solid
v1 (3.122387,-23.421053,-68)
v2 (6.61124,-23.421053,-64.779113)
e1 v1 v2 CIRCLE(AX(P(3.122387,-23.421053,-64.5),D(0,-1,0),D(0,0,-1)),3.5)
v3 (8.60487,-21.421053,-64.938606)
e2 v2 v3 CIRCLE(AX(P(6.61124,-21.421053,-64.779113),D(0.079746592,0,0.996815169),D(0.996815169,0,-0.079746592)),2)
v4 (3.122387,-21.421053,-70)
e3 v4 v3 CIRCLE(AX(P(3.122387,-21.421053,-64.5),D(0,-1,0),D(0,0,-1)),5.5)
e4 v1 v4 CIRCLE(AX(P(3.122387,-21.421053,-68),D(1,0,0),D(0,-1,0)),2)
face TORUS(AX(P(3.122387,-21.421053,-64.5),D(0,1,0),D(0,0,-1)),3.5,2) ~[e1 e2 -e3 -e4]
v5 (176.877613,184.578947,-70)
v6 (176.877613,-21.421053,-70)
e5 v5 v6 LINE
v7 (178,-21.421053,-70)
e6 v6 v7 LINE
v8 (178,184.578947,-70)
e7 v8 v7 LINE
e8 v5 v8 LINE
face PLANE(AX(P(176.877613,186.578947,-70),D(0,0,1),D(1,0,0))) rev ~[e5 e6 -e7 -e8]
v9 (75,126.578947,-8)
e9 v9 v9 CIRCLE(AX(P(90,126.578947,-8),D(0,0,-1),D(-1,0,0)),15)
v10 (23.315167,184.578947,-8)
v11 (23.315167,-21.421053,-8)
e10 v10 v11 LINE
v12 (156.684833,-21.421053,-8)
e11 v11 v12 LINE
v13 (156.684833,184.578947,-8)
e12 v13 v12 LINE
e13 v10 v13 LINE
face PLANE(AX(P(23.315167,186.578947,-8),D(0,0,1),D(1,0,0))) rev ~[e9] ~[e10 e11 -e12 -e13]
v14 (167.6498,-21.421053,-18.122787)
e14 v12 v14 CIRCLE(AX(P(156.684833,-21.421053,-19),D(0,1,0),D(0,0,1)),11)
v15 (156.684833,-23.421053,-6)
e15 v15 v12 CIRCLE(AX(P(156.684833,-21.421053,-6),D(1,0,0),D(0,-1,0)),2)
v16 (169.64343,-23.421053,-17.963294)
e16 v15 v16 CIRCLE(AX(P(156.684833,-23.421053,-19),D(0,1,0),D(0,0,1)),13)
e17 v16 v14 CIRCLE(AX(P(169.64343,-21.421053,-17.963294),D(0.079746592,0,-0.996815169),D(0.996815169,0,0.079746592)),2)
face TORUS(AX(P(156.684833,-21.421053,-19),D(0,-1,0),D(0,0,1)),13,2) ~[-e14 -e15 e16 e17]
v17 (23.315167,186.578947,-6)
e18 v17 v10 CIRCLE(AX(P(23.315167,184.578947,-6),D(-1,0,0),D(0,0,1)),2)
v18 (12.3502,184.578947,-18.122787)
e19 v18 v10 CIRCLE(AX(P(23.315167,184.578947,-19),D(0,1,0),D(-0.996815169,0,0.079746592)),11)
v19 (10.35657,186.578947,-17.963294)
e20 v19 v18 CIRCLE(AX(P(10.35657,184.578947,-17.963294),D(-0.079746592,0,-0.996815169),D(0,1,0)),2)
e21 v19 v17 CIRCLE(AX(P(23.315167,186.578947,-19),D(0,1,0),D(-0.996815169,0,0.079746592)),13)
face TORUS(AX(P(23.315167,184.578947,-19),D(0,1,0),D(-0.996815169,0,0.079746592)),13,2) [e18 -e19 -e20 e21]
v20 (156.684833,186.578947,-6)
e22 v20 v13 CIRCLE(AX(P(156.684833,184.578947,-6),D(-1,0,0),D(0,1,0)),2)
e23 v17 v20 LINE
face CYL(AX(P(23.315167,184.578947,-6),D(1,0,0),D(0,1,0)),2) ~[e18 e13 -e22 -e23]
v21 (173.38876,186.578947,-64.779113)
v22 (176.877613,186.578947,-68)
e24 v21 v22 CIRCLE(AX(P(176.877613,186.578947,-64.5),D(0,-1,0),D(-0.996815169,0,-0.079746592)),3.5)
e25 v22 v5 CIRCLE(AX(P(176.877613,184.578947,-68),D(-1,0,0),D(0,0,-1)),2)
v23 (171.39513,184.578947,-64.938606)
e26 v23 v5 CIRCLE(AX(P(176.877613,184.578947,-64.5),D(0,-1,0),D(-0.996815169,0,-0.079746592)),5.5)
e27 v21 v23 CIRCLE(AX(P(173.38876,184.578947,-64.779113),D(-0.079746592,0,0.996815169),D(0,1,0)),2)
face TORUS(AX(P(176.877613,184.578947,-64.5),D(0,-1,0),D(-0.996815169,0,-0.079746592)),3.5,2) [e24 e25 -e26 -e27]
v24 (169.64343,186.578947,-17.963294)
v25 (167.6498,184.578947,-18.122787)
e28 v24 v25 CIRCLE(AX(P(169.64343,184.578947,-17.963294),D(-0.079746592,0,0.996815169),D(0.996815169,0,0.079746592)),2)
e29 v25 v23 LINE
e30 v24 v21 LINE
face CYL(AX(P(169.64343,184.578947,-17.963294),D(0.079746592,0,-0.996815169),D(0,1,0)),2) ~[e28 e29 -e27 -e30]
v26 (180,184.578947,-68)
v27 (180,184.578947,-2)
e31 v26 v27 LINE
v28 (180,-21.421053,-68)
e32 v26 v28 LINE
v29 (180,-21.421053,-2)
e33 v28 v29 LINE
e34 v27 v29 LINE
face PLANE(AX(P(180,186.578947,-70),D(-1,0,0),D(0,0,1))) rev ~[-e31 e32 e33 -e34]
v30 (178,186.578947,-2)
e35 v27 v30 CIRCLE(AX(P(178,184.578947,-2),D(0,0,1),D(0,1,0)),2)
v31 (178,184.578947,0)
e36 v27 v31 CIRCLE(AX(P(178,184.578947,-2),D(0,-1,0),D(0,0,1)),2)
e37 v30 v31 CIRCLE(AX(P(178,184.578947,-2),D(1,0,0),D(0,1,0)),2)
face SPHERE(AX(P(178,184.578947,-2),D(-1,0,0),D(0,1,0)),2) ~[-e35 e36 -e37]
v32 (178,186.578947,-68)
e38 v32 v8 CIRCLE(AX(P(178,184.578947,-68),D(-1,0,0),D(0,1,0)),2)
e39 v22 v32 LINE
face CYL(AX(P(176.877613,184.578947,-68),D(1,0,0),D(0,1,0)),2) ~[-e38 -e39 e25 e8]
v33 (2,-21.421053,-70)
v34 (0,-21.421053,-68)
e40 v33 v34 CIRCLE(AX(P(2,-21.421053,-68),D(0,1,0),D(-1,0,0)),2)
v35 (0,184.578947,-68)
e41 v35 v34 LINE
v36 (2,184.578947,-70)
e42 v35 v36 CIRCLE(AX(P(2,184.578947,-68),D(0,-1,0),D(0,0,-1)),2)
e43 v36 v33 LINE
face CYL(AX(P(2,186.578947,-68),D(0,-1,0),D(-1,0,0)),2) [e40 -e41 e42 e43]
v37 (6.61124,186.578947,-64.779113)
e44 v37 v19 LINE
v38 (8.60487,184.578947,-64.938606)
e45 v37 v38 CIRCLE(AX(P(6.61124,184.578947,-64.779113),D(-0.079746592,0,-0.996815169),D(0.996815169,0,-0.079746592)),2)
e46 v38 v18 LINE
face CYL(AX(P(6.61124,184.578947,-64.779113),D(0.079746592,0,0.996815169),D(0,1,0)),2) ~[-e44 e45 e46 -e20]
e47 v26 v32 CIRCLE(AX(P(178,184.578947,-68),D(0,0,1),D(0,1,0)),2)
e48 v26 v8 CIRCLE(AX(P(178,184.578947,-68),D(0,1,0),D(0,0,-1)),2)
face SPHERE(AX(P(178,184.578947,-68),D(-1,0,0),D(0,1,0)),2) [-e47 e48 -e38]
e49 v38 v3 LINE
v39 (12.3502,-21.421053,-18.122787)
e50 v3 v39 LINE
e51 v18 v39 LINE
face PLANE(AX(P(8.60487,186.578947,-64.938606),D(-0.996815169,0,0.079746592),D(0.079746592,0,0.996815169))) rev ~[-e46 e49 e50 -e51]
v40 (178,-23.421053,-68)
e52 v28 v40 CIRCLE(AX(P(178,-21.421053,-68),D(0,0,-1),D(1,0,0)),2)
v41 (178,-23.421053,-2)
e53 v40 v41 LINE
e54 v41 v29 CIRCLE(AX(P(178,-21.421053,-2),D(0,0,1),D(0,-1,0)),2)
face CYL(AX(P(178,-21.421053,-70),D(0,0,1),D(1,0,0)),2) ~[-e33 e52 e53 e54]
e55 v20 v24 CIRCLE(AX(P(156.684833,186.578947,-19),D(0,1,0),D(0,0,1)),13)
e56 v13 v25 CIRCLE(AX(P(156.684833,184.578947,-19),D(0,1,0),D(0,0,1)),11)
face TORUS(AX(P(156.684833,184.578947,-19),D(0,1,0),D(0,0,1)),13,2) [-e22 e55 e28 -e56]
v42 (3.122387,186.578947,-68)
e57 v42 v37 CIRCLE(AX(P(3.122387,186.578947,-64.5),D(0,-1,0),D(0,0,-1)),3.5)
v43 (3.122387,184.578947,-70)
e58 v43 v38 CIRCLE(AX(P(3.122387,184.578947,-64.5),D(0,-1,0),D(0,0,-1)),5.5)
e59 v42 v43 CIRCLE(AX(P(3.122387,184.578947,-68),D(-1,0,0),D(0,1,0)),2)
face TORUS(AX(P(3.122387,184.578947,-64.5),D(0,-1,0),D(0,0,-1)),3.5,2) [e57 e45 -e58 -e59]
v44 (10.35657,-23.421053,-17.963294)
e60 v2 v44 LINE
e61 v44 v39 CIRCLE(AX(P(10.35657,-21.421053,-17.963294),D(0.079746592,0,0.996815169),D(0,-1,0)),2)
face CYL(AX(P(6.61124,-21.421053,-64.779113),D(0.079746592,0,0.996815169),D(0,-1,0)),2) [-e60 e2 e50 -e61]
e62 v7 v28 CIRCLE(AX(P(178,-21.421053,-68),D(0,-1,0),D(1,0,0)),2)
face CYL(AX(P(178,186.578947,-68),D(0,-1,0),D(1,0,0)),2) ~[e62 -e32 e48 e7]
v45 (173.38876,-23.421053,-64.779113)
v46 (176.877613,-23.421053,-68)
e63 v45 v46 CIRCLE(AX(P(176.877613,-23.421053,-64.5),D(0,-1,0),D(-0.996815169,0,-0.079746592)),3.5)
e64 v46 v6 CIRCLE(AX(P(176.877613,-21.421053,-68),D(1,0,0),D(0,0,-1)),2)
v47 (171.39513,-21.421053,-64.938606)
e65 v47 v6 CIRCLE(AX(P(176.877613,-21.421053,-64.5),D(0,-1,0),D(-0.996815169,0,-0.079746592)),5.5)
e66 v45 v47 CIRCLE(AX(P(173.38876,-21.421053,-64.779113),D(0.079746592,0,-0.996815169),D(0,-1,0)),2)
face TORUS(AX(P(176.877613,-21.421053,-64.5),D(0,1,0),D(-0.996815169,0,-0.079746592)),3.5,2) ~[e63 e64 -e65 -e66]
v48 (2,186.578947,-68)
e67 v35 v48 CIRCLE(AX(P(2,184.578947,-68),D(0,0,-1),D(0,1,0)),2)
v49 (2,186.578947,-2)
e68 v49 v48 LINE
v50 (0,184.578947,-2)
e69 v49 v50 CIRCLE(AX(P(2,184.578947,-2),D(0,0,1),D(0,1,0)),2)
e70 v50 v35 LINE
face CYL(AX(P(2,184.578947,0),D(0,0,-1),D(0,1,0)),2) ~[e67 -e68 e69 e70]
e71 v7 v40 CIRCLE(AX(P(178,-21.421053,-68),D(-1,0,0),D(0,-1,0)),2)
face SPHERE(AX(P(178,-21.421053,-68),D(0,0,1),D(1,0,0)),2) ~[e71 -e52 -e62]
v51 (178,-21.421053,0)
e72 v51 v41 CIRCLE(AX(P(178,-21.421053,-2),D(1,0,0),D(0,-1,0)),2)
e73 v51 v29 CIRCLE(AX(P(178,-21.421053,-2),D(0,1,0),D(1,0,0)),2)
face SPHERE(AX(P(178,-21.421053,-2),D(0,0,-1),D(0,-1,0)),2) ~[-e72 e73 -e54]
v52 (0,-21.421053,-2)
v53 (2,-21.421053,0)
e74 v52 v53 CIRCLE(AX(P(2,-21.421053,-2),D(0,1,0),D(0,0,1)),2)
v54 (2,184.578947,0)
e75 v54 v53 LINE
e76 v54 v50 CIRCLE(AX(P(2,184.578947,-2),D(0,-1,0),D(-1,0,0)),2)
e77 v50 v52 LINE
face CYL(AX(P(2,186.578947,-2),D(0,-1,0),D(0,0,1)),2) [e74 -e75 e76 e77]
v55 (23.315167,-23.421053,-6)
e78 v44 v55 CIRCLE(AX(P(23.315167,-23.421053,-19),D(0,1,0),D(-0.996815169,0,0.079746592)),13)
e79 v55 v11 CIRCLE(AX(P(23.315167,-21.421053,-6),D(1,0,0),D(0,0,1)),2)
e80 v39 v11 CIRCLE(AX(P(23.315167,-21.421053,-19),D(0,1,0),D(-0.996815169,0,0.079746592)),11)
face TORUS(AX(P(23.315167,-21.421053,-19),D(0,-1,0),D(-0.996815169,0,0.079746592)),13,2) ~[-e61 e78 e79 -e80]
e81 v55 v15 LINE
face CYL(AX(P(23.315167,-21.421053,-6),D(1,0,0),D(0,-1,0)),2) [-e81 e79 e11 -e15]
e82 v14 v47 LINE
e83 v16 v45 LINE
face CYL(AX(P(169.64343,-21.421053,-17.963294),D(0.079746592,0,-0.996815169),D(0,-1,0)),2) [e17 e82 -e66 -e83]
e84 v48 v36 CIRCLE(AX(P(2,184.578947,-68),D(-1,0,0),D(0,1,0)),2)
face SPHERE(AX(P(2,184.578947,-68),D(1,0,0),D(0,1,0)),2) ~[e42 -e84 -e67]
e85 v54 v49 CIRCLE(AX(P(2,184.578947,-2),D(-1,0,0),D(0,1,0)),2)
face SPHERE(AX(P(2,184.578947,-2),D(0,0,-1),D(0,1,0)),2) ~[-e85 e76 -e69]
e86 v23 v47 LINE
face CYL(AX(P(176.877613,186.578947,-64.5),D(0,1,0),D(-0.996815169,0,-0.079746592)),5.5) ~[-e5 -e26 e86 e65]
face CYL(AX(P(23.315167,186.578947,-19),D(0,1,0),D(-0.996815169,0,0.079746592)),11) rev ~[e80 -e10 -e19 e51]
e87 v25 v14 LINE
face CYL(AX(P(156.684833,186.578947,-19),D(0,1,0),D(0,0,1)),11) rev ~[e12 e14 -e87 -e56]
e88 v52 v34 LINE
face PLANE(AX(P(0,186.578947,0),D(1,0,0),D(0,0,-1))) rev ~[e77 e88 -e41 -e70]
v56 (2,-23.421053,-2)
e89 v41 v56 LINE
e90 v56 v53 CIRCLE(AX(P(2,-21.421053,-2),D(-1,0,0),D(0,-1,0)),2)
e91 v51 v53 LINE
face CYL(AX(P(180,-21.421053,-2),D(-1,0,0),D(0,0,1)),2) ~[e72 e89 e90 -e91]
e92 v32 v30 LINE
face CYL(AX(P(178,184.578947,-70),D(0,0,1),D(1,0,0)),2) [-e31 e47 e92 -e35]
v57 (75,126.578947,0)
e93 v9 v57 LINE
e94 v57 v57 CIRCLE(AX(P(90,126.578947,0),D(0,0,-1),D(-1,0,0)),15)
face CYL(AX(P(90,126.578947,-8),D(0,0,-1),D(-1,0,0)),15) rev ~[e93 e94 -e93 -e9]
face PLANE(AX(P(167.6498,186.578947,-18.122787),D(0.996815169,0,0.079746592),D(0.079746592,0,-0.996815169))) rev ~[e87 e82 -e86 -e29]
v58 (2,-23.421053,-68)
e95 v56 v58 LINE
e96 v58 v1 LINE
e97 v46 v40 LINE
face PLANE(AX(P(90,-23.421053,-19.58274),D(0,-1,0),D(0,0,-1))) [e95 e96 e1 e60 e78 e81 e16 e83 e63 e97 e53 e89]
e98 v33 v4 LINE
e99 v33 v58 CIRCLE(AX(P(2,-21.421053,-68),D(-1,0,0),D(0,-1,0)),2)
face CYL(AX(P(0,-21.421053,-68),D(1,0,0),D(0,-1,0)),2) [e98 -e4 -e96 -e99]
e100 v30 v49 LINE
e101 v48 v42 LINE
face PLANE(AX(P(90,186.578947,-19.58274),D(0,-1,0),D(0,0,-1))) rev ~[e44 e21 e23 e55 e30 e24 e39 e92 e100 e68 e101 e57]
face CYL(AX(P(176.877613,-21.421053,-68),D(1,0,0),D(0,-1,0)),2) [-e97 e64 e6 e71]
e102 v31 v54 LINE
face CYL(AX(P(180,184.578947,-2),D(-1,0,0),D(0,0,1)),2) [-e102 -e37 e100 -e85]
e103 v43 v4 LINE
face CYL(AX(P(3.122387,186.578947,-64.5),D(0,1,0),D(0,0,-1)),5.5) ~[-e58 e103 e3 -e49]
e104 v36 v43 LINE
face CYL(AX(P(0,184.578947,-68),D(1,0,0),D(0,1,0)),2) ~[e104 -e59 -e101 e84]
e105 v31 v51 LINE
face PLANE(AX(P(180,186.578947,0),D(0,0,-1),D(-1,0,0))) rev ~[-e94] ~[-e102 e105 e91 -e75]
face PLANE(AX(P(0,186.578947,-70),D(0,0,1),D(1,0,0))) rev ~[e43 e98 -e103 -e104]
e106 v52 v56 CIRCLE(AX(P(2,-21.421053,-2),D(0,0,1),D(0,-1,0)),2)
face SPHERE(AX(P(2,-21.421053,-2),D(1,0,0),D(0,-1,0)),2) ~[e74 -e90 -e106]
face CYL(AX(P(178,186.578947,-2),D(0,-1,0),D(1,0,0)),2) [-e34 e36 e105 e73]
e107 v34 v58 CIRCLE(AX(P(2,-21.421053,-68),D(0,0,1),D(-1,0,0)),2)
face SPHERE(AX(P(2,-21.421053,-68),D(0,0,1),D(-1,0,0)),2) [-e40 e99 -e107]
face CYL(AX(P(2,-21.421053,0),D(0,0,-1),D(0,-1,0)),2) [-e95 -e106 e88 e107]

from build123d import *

# Parameters (mm, degrees)
UPN_UPN180_1_DEPTH = 210
SKETCH17_R         = 15
CUT_EXTRUDE1_DEPTH = 10
FILLET1_R          = 2


with BuildPart() as part:
    # Sketch110 → Upn UPN180(1) (new body)
    with BuildSketch(Plane(origin=(0, 186.578947368, 0), x_dir=(0, 0, -1), z_dir=(0, -1, 0))):
        with BuildLine():
            Line((70, 180), (0, 180))
            Line((0, 180), (0, 0))
            Line((0, 0), (70, 0))
            Line((70, 0), (70, 3.122386663))
            ThreePointArc((70, 3.122386663), (68.541183887, 6.853181859), (64.938606257, 8.604870092))
            Line((64.938606257, 8.604870092), (18.122787486, 12.350200343))
            ThreePointArc((18.122787486, 12.350200343), (10.917632226, 15.85357681), (8, 23.315167202))
            Line((8, 23.315167202), (8, 156.684832798))
            ThreePointArc((8, 156.684832798), (10.917632226, 164.14642319), (18.122787486, 167.649799657))
            Line((18.122787486, 167.649799657), (64.938606257, 171.395129908))
            ThreePointArc((64.938606257, 171.395129908), (68.541183887, 173.146818141), (70, 176.877613337))
            Line((70, 176.877613337), (70, 180))
        make_face()
    extrude(amount=UPN_UPN180_1_DEPTH)

    # Sketch17 → Cut-Extrude1 (cut)
    with BuildSketch(Plane(origin=(0, 0, -8), x_dir=(-1, 0, 0), z_dir=(0, 0, -1))):
        with Locations((-90, 126.578947368)):
            Circle(SKETCH17_R)
    extrude(amount=-CUT_EXTRUDE1_DEPTH, mode=Mode.SUBTRACT)

    # Fillet1
    fillet1_edges = [part.edges().sort_by_distance(p)[0] for p in [
        (169.522464782, 186.578947368, -41.530696872),
        (164.14642319, 186.578947368, -10.917632226),
        (180, -23.421052632, -35),
        (90, 186.578947368, -8),
        (15.85357681, 186.578947368, -10.917632226),
        (10.477535218, 186.578947368, -41.530696872),
        (6.853181859, 186.578947368, -68.541183887),
        (1.561193332, 186.578947368, -70),
        (0, 186.578947368, -35),
        (90, 186.578947368, 0),
        (180, 186.578947368, -35),
        (178.438806668, 186.578947368, -70),
        (173.146818141, 186.578947368, -68.541183887),
        (90, -23.421052632, 0),
        (0, -23.421052632, -35),
        (0, 81.578947368, -70),
        (0, 81.578947368, 0),
        (180, 81.578947368, 0),
        (180, 81.578947368, -70),
        (1.561193332, -23.421052632, -70),
        (6.853181859, -23.421052632, -68.541183887),
        (10.477535218, -23.421052632, -41.530696872),
        (15.85357681, -23.421052632, -10.917632226),
        (90, -23.421052632, -8),
        (164.14642319, -23.421052632, -10.917632226),
        (169.522464782, -23.421052632, -41.530696872),
        (173.146818141, -23.421052632, -68.541183887),
        (178.438806668, -23.421052632, -70),
    ]]
    fillet(fillet1_edges, radius=FILLET1_R)


solid = part.part
